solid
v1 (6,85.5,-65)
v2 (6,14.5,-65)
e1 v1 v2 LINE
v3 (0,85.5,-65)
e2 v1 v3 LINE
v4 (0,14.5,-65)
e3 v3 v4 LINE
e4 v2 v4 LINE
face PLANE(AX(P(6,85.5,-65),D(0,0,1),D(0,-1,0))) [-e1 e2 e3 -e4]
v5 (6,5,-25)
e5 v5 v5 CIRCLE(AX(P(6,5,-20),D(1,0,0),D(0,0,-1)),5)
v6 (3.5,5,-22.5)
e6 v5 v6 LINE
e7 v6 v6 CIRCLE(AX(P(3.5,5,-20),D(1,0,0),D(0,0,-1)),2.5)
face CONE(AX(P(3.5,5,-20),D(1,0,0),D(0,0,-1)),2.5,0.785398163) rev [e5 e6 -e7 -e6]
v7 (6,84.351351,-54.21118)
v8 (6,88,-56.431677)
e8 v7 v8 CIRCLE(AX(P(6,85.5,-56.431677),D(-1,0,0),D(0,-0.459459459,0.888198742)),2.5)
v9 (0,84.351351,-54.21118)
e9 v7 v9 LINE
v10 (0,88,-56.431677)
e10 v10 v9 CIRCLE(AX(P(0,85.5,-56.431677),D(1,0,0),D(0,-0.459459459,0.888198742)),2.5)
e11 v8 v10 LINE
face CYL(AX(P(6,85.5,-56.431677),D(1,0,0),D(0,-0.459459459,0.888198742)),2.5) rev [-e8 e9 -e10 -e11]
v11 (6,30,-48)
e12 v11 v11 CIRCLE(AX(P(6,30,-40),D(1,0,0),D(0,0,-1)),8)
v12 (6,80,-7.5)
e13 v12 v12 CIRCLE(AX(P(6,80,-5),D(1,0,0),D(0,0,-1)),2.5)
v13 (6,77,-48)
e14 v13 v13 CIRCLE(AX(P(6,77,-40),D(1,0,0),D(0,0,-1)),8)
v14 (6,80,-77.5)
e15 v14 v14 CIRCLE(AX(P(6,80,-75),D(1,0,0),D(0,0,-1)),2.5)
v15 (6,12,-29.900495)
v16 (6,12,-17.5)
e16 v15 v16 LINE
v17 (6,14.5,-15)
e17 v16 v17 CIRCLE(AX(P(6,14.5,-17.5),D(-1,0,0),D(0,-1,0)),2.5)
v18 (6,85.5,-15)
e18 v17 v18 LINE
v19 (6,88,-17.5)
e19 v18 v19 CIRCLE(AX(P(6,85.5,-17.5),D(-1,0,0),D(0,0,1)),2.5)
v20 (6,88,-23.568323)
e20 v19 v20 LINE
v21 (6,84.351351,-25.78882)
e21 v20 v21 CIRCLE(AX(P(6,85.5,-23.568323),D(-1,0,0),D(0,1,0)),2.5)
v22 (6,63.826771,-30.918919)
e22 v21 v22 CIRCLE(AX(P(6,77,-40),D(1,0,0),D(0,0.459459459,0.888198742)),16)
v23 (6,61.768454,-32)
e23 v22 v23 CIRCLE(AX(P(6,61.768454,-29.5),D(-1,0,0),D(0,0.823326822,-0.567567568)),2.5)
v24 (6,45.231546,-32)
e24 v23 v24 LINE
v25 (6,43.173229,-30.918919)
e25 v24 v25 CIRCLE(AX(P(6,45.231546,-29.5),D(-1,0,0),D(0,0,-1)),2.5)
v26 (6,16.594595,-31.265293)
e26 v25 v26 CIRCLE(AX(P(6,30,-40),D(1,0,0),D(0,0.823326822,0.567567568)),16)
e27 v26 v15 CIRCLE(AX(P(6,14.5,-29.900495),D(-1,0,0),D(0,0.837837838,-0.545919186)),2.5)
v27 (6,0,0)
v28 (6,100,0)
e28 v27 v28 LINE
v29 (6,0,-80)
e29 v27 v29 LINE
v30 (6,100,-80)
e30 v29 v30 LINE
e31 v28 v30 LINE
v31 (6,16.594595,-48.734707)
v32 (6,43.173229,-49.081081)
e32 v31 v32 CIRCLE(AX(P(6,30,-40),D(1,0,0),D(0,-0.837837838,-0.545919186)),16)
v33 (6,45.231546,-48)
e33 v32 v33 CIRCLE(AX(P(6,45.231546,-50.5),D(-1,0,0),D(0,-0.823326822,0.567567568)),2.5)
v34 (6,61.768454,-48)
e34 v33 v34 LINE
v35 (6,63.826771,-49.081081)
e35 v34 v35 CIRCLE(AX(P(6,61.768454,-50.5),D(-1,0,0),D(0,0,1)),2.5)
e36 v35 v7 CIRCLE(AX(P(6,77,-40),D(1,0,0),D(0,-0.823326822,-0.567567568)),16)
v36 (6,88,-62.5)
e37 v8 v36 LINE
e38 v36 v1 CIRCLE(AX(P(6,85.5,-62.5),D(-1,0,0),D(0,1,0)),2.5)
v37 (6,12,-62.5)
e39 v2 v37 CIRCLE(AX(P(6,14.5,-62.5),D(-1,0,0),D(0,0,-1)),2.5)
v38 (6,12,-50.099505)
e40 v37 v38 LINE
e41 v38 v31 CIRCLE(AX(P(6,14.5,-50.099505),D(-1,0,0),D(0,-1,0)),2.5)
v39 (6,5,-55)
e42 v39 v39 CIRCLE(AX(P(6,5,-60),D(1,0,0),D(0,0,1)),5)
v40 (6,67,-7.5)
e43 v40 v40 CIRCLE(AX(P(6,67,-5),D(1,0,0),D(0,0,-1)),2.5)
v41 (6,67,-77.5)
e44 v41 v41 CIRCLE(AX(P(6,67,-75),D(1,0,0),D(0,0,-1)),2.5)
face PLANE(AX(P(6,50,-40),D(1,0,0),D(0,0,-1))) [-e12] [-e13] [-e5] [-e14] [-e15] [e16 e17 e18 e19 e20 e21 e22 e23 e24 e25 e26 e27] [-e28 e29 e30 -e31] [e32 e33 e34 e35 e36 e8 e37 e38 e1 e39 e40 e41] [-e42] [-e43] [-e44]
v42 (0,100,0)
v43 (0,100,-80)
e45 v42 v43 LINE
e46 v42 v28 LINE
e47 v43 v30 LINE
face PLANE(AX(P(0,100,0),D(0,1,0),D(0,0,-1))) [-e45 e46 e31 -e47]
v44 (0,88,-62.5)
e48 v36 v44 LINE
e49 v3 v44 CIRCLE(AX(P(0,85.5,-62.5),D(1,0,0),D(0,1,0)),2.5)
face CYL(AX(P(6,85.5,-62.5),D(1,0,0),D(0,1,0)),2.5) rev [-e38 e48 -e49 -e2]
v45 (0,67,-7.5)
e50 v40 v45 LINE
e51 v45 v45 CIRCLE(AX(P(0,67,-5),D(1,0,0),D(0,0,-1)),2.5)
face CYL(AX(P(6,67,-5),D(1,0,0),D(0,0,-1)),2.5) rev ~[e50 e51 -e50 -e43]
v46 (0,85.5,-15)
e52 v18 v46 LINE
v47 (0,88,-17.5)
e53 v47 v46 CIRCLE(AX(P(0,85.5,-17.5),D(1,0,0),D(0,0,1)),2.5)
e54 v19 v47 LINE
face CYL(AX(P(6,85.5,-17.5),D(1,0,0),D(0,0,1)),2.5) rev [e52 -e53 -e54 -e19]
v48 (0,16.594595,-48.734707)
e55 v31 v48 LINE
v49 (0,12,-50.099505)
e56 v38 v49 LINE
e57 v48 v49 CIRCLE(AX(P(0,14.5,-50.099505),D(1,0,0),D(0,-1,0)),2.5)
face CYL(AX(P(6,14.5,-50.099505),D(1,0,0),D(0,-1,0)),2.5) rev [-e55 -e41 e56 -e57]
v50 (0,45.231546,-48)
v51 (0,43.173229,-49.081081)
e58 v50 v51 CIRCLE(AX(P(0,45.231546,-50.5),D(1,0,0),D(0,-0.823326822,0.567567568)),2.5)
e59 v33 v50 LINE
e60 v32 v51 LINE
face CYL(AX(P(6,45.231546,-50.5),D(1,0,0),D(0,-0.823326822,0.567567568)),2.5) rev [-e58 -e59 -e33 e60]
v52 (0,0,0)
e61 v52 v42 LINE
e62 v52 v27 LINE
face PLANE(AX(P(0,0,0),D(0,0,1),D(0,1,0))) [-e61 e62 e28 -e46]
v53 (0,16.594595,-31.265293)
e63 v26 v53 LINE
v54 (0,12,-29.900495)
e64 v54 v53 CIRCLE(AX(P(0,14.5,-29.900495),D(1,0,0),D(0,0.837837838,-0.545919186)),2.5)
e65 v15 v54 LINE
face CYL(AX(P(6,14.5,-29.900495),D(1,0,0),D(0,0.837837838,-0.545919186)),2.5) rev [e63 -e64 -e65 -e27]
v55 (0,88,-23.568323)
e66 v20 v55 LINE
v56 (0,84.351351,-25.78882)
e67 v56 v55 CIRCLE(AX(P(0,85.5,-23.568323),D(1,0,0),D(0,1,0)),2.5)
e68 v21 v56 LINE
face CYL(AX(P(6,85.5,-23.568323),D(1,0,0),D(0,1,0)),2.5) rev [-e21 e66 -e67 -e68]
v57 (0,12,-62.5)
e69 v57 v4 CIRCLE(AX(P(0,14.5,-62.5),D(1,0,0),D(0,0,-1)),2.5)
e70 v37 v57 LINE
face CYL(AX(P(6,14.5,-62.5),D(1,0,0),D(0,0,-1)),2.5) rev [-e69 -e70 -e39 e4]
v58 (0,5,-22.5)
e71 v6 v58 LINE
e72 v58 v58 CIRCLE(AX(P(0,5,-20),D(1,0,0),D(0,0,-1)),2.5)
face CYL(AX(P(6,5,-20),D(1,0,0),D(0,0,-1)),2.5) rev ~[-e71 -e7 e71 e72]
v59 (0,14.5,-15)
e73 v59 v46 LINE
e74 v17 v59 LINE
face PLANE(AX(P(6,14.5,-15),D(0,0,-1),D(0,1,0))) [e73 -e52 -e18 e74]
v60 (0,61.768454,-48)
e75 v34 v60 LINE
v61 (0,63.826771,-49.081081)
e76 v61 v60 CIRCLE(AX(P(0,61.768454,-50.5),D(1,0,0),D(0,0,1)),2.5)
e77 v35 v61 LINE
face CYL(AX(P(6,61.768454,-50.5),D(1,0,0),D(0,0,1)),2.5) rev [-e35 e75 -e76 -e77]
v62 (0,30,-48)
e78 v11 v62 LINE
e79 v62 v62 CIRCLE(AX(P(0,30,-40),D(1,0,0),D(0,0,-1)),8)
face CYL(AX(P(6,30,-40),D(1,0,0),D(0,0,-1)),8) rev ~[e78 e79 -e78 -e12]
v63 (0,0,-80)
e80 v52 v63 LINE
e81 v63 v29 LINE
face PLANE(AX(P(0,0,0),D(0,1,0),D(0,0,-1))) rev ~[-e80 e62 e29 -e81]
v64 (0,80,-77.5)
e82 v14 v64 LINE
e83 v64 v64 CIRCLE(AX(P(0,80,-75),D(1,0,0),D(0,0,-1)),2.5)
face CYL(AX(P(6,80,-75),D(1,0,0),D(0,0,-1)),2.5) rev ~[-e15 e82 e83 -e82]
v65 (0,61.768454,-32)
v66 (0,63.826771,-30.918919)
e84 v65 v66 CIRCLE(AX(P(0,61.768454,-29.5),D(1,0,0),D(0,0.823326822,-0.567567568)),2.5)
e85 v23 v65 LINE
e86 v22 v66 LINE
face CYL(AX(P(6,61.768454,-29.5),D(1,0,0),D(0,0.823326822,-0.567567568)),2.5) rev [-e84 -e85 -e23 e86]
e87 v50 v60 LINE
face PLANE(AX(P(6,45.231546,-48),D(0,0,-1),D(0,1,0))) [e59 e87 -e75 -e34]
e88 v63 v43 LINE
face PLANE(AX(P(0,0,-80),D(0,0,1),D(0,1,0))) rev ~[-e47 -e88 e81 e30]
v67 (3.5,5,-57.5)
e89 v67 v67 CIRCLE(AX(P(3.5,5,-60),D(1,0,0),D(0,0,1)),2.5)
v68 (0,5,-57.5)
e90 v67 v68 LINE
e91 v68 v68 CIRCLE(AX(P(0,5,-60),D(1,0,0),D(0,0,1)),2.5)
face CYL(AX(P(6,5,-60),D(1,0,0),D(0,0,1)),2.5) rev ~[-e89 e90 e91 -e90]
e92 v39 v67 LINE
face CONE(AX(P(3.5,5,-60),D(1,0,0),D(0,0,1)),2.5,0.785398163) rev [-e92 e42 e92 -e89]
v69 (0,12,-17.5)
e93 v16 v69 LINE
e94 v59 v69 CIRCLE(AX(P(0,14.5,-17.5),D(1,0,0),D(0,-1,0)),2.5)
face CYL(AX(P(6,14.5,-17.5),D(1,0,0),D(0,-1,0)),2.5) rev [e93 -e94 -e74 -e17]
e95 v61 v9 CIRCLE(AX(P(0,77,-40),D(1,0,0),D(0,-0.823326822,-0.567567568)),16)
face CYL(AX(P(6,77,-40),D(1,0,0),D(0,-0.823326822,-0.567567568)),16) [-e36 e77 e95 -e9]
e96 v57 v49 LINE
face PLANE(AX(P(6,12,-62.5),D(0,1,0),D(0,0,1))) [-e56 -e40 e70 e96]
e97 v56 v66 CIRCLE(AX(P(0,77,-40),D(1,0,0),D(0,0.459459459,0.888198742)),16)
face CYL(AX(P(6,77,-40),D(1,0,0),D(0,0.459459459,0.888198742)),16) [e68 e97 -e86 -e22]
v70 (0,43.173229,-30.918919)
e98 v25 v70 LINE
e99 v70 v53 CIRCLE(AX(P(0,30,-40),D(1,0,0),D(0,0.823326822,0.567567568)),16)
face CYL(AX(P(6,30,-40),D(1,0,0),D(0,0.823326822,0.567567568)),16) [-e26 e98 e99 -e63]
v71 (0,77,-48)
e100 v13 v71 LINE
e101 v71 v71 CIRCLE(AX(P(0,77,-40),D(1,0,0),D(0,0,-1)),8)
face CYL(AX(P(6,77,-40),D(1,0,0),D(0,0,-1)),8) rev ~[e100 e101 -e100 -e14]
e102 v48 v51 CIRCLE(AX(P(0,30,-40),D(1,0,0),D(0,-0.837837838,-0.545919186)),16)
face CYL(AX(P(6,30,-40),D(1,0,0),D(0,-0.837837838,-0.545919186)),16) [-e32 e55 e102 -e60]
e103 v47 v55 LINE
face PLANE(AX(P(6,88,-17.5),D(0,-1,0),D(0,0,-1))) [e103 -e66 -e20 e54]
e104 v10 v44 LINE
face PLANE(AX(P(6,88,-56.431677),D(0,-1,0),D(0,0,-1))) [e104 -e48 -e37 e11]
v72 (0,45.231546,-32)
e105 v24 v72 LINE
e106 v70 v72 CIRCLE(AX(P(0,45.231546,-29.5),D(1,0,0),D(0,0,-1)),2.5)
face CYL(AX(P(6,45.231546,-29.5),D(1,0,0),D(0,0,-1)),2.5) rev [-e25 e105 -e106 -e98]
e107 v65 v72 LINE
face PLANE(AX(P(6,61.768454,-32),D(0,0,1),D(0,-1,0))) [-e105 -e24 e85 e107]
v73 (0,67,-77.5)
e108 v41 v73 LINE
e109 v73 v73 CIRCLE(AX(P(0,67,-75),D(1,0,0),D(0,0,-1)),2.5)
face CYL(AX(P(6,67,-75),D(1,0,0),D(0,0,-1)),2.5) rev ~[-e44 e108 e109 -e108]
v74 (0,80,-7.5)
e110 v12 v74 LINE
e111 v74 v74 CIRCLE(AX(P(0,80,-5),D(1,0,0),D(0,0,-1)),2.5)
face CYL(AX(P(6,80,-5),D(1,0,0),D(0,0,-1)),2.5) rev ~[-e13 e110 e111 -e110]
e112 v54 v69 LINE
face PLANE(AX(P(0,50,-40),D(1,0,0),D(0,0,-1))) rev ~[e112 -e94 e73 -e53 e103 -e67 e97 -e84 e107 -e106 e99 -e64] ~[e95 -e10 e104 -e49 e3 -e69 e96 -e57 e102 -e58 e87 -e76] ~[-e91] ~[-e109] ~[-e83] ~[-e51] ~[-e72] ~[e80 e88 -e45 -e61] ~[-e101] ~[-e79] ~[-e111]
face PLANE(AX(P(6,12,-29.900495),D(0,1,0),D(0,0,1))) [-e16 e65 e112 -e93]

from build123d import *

# Parameters (mm, degrees)
ESQUISSE1_W      = 80
ESQUISSE1_H      = 100.00000000000001
EXTRUSION1_DEPTH = 6
ESQUISSE2_R      = 8
ESQUISSE2_R_2    = 7.999999999999998
ESQUISSE2_R_3    = 2.5000000000000018
ESQUISSE2_R_4    = 2.4999999999999956
ESQUISSE2_R_5    = 2.4999999999999982
ESQUISSE2_R_6    = 2.499999999999995
EXTRUSION3_DEPTH = 129.20296408429877
CHANFREIN1_SIZE  = 2.5


with BuildPart() as part:
    # Esquisse1 → Extrusion1 (new body)
    with BuildSketch(Plane(origin=(0, 0, 0), x_dir=(0, 0, -1), z_dir=(1, 0, 0))):
        with Locations((40, 50.00000000000001)):
            Rectangle(ESQUISSE1_W, ESQUISSE1_H)
    extrude(amount=EXTRUSION1_DEPTH)

    # Esquisse2 → Extrusion3 (cut, through all)
    with BuildSketch(Plane(origin=(6, 0, 0), x_dir=(0, 0, -1), z_dir=(1, 0, 0))):
        with Locations((40, 77.00000000000001)):
            Circle(ESQUISSE2_R)
        with Locations((40, 30)):
            Circle(ESQUISSE2_R_2)
        with Locations((5, 80)):
            Circle(ESQUISSE2_R_3)
        with Locations((75.00000000000001, 80)):
            Circle(ESQUISSE2_R_4)
        with Locations((5.000000000000136, 67)):
            Circle(ESQUISSE2_R_3)
        with Locations((75.00000000000016, 67)):
            Circle(ESQUISSE2_R_4)
        with Locations((20, 5.000000000000004)):
            Circle(ESQUISSE2_R_5)
        with Locations(Location((60.00000000000098, 5.000000000000004, 0), (0, 0, 180))):
            Circle(ESQUISSE2_R_6)
        with BuildLine():
            Line((17.499999999999996, 88.00000000000001), (23.568323274845017, 88.00000000000001))
            ThreePointArc((23.568323274845017, 88.00000000000001), (25.703928765288133, 86.79968811227509), (25.788820129595685, 84.35135135135135))
            ThreePointArc((25.788820129595685, 84.35135135135135), (24.477533819987812, 73.12017478610468), (30.918918918918916, 63.8267708439111))
            ThreePointArc((30.918918918918916, 63.8267708439111), (31.713289101913404, 62.930930175710394), (32, 61.7684537882722))
            Line((32, 61.7684537882722), (32, 45.231546211727824))
            ThreePointArc((32, 45.231546211727824), (31.713289101913414, 44.069069824289635), (30.918918918918926, 43.17322915608893))
            ThreePointArc((30.918918918918926, 43.17322915608893), (24.001358501680507, 29.79150489634176), (31.265293026281448, 16.594594594594593))
            ThreePointArc((31.265293026281448, 16.594594594594593), (32.297001527984975, 13.788131503185623), (29.900495061637923, 12))
            Line((29.900495061637923, 12), (17.500000000000007, 12))
            ThreePointArc((17.500000000000007, 12), (15.73223304703364, 12.732233047033631), (15.00000000000001, 14.499999999999998))
            Line((15.00000000000001, 14.499999999999998), (15.000000000000002, 85.5))
            ThreePointArc((15.000000000000002, 85.5), (15.732233047033617, 87.26776695296638), (17.499999999999996, 88.00000000000001))
        make_face()
        with BuildLine():
            Line((65, 85.5), (65.00000000000001, 14.5))
            ThreePointArc((65.00000000000001, 14.5), (64.26776695296637, 12.732233047033631), (62.5, 12))
            Line((62.5, 12), (50.09950493836208, 12))
            ThreePointArc((50.09950493836208, 12), (47.702998472015025, 13.78813150318562), (48.73470697371855, 16.594594594594593))
            ThreePointArc((48.73470697371855, 16.594594594594593), (55.99864149831949, 29.79150489634175), (49.08108108108109, 43.17322915608893))
            ThreePointArc((49.08108108108109, 43.17322915608893), (48.286710898086596, 44.06906982428963), (48, 45.23154621172782))
            Line((48, 45.23154621172782), (48, 61.7684537882722))
            ThreePointArc((48, 61.7684537882722), (48.286710898086596, 62.930930175710394), (49.08108108108109, 63.8267708439111))
            ThreePointArc((49.08108108108109, 63.8267708439111), (55.52246618001219, 73.1201747861047), (54.2111798704043, 84.35135135135137))
            ThreePointArc((54.2111798704043, 84.35135135135137), (54.29607123471186, 86.7996881122751), (56.43167672515498, 88.00000000000001))
            Line((56.43167672515498, 88.00000000000001), (62.5, 88.00000000000001))
            ThreePointArc((62.5, 88.00000000000001), (64.26776695296637, 87.26776695296637), (65, 85.5))
        make_face()
    extrude(amount=-EXTRUSION3_DEPTH, mode=Mode.SUBTRACT)

    # Chanfrein1
    chanfrein1_edges = [part.edges().sort_by_distance(p)[0] for p in [
        (6, 5.000000000000004, -17.5),
        (6, 5.0000000000000036, -62.50000000000097),
    ]]
    chamfer(chanfrein1_edges, length=CHANFREIN1_SIZE)


solid = part.part
